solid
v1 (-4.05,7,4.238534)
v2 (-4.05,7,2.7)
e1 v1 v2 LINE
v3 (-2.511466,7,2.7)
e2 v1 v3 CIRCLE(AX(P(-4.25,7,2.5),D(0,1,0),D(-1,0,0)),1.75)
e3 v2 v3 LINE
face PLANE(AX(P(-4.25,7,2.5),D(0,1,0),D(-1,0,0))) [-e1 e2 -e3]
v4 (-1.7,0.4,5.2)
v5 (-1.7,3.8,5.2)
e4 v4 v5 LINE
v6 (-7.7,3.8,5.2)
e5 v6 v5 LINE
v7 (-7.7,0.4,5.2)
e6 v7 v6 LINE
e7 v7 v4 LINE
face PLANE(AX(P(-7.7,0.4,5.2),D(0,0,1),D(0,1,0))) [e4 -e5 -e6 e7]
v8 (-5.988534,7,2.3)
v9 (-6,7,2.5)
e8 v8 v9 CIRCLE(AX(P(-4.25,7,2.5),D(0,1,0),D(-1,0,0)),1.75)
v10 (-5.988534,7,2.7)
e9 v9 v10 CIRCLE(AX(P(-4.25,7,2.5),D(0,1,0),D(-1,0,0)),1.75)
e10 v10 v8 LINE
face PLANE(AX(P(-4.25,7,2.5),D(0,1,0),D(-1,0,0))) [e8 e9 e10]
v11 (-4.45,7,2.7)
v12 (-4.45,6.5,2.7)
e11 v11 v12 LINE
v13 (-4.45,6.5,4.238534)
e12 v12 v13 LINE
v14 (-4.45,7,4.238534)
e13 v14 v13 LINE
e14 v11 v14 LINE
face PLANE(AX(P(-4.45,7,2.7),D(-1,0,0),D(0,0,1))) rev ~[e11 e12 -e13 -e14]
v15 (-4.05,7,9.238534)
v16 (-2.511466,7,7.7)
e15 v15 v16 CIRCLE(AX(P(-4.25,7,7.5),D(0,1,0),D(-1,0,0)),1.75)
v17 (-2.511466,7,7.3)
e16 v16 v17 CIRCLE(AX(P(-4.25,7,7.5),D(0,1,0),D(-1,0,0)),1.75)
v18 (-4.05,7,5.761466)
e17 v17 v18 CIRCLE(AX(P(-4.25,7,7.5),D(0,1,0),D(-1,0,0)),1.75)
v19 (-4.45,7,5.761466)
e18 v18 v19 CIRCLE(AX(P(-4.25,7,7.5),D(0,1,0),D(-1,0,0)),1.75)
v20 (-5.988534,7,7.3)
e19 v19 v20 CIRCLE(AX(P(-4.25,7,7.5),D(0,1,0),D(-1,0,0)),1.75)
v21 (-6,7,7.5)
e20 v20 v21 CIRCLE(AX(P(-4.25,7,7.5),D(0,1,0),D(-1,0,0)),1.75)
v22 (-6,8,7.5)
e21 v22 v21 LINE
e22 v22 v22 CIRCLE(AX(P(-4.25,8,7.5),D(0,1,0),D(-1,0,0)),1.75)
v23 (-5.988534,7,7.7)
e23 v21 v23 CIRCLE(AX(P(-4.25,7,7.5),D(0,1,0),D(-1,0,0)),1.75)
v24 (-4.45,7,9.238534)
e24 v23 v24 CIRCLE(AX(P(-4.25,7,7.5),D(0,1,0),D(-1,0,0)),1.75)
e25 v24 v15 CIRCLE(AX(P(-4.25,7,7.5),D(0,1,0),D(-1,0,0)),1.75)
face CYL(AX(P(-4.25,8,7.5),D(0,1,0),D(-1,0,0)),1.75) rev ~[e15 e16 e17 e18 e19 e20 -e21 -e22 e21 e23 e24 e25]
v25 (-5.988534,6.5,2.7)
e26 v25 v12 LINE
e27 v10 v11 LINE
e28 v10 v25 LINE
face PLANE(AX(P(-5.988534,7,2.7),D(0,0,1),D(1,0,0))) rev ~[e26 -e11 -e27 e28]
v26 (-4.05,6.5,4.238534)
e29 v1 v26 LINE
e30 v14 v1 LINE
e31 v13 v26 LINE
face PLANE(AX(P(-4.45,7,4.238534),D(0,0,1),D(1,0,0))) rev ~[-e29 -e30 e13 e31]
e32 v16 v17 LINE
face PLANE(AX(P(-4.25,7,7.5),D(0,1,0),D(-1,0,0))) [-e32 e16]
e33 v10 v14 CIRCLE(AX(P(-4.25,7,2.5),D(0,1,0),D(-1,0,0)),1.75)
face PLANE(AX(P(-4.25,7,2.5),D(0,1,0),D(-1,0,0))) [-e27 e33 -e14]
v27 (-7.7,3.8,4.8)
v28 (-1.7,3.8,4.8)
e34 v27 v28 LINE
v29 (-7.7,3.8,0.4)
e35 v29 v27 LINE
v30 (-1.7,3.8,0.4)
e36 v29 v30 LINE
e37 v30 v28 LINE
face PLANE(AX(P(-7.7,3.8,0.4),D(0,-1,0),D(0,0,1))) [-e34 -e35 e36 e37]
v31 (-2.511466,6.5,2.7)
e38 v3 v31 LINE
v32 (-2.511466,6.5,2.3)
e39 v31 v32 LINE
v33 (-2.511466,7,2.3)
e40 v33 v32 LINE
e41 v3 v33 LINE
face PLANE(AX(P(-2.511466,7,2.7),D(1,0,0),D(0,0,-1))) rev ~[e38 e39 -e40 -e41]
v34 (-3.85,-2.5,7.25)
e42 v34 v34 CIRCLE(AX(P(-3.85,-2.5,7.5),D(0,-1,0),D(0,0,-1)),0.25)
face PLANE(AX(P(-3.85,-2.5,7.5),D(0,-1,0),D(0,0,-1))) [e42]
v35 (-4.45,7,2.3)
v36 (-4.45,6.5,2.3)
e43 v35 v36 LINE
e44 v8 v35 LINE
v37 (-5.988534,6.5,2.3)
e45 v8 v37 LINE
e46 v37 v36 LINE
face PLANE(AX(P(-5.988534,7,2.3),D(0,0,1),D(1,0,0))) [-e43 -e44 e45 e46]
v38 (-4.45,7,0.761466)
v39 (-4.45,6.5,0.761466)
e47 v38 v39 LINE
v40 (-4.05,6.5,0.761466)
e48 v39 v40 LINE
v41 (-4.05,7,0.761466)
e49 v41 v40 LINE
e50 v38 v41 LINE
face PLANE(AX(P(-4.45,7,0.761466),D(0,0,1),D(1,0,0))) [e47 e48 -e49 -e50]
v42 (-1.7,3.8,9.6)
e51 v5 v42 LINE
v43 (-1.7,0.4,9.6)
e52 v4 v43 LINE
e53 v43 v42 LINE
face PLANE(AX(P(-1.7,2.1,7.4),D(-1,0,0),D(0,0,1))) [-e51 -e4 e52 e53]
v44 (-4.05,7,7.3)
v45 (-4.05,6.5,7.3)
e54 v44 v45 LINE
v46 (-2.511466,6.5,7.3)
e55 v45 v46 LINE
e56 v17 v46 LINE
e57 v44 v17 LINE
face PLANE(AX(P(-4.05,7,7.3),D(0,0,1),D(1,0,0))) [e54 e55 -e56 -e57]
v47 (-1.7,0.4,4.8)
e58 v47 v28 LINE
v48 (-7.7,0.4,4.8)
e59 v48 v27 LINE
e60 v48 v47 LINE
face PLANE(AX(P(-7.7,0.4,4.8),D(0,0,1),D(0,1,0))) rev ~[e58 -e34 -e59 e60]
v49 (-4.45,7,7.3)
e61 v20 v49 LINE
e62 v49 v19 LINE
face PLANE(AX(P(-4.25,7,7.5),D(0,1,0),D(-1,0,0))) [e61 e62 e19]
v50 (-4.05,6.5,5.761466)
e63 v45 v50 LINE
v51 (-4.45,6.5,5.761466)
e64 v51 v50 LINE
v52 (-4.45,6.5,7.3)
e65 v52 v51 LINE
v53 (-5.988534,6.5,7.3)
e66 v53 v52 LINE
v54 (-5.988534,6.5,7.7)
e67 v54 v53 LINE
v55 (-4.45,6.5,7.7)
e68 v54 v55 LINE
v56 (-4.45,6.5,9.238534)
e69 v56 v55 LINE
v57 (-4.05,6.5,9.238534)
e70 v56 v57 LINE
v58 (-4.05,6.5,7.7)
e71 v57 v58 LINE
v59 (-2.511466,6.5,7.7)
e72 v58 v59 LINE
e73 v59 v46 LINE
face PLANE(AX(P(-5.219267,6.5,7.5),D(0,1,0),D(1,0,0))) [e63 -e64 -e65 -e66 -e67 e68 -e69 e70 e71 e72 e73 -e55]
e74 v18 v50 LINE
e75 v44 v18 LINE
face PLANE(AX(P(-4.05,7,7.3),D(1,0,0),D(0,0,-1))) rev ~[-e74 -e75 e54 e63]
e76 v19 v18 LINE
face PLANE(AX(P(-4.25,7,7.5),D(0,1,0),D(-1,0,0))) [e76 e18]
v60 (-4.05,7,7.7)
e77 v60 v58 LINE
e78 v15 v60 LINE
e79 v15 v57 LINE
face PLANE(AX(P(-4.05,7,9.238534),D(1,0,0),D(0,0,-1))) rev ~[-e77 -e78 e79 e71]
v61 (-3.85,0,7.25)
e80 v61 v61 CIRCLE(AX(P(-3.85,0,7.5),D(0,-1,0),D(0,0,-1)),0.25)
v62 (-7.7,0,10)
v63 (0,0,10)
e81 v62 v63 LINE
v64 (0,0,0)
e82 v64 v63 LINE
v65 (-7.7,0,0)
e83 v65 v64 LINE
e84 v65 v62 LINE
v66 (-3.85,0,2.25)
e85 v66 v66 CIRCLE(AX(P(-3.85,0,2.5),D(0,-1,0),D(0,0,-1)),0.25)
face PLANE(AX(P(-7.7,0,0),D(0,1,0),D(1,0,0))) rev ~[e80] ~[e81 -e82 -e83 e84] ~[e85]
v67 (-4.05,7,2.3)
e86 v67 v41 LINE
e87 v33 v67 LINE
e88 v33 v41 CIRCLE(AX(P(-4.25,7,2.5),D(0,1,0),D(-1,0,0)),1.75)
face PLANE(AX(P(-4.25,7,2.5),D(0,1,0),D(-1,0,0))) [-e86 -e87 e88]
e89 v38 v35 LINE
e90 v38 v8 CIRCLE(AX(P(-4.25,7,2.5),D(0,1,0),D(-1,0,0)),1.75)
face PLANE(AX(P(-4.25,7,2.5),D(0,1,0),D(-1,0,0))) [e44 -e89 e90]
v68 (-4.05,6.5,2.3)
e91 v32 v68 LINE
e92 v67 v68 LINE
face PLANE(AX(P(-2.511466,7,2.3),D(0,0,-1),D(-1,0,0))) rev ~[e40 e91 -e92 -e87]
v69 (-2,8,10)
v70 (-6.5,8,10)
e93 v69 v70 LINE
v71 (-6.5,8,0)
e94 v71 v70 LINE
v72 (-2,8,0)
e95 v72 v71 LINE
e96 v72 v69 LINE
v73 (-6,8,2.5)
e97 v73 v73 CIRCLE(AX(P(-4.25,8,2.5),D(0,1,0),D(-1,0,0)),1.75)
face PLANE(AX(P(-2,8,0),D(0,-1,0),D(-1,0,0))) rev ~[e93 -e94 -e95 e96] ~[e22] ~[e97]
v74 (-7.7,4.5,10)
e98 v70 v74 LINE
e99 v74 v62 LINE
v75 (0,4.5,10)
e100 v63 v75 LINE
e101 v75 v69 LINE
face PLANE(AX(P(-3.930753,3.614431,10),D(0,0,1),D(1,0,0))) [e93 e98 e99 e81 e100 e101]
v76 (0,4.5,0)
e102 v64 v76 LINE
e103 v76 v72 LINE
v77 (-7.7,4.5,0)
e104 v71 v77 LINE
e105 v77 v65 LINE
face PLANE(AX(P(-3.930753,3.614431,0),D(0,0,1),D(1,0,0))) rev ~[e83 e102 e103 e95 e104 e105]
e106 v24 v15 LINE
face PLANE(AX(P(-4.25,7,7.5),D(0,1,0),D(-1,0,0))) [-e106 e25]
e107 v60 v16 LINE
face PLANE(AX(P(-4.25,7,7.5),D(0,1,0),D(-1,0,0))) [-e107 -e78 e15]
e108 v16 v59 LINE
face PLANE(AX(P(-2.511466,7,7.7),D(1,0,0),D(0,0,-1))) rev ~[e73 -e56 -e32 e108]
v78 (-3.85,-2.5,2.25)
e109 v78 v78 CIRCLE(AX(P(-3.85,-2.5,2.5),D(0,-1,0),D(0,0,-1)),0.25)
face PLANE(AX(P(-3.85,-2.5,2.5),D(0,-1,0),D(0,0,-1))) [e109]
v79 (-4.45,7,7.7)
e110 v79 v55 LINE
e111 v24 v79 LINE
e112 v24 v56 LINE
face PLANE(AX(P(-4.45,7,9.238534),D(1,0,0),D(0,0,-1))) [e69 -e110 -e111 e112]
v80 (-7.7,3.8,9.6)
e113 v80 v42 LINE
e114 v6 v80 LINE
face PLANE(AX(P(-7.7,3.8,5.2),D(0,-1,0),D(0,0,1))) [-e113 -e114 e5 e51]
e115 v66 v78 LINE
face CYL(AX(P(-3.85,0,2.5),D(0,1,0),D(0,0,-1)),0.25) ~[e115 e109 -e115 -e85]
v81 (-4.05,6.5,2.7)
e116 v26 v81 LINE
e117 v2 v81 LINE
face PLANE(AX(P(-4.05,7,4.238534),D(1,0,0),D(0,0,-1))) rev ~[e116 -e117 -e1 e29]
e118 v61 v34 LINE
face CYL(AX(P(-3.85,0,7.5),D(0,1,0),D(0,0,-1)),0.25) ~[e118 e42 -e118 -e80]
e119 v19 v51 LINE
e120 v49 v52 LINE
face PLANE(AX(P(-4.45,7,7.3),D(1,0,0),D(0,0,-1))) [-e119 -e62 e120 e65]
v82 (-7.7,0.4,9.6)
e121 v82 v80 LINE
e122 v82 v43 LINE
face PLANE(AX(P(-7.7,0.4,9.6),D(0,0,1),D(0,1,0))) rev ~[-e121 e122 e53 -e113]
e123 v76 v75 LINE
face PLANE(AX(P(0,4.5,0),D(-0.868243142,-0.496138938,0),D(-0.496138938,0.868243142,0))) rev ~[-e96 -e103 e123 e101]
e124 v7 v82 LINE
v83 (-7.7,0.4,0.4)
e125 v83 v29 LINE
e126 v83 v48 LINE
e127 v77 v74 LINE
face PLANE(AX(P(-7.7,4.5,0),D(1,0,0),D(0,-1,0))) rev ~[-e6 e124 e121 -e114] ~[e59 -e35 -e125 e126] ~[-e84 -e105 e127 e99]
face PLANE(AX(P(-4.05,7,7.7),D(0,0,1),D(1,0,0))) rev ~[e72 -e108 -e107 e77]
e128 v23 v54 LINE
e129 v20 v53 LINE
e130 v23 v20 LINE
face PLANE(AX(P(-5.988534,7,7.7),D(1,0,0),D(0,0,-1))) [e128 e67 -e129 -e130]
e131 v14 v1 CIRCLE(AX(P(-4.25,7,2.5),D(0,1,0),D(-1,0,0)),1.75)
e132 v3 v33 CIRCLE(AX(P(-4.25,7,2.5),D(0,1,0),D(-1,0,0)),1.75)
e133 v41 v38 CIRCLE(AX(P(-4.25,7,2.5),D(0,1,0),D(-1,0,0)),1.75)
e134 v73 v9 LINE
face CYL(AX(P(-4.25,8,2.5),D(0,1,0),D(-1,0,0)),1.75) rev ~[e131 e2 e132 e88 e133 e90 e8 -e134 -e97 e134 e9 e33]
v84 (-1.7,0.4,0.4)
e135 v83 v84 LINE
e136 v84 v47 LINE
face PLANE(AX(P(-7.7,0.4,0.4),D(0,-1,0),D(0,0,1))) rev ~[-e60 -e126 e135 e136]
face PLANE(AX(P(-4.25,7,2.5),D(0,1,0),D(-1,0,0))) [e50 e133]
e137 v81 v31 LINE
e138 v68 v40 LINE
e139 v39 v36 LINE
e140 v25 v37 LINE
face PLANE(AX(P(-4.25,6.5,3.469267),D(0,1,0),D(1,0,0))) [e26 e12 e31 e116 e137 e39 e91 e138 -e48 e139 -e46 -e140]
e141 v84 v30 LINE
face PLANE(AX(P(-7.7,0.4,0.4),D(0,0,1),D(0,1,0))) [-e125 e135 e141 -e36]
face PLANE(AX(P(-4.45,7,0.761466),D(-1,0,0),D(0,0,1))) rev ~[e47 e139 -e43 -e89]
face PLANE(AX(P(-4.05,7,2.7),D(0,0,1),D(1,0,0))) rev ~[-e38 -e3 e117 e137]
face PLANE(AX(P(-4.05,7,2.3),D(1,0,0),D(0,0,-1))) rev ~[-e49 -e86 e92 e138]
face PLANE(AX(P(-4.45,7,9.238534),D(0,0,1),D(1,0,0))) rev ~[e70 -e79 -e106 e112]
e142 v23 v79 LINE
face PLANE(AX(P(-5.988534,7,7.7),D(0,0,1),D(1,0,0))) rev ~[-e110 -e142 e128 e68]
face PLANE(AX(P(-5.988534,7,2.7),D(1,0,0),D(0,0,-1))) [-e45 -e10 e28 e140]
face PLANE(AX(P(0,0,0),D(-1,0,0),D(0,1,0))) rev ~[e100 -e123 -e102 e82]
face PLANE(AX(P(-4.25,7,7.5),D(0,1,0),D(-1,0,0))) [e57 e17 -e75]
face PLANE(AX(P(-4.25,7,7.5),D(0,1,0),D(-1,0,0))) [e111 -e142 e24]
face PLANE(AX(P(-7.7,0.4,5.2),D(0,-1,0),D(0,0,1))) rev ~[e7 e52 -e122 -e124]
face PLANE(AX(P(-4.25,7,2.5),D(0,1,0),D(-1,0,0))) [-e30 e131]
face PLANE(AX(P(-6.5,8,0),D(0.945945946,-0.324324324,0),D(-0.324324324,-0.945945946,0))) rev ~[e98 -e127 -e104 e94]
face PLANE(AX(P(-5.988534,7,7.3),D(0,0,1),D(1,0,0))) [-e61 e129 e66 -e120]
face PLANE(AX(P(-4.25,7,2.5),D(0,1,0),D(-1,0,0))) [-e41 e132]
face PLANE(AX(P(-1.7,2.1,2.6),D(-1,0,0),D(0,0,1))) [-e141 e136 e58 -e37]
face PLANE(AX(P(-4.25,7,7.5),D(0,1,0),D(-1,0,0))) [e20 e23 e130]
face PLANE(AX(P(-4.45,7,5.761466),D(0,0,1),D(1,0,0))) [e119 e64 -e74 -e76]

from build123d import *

# Parameters (mm, degrees)
BOSS_EXTRU_2_DEPTH      = 10
ESQUISSE2_W             = 4.4
ESQUISSE2_H             = 3.4
ENL_V_MAT_EXTRU_1_DEPTH = 6
ESQUISSE3_R             = 0.25
BOSS_EXTRU_3_DEPTH      = 2.5
ESQUISSE5_R             = 1.75
ENL_V_MAT_EXTRU_2_DEPTH = 1
ESQUISSE6_W             = 1.538533865
ESQUISSE6_H             = 0.4
ESQUISSE6_W_2           = 0.4
ESQUISSE6_H_2           = 1.538533865
ENL_V_MAT_EXTRU_3_DEPTH = 0.5


with BuildPart() as part:
    # Esquisse1 → Boss.-Extru.2 (new body)
    with BuildSketch(Plane.XY):
        Polygon((-7.7, 0), (0, 0), (0, 4.5), (-2, 8), (-6.5, 8), (-7.7, 4.5), align=None)
    extrude(amount=BOSS_EXTRU_2_DEPTH)

    # Esquisse2 → Enlèv. mat.-Extru.1 (cut)
    with BuildSketch(Plane.ZY.offset(7.7)):
        with Locations((2.6, 2.1)):
            Rectangle(ESQUISSE2_W, ESQUISSE2_H)
        with Locations((7.4, 2.1)):
            Rectangle(ESQUISSE2_W, ESQUISSE2_H)
    extrude(amount=-ENL_V_MAT_EXTRU_1_DEPTH, mode=Mode.SUBTRACT)

    # Esquisse3 → Boss.-Extru.3 (add)
    with BuildSketch(Plane(origin=(0, 0, 0), x_dir=(-1, 0, 0), z_dir=(0, -1, 0))):
        with Locations(Location((3.85, -2.5, 0), (0, 0, 90))):
            Circle(ESQUISSE3_R)
        with Locations(Location((3.85, -7.5, 0), (0, 0, 90))):
            Circle(ESQUISSE3_R)
    extrude(amount=BOSS_EXTRU_3_DEPTH)

    # Esquisse5 → Enlèv. mat.-Extru.2 (cut)
    with BuildSketch(Plane(origin=(0, 8, 0), x_dir=(1, 0, 0), z_dir=(0, 1, 0))):
        with Locations(Location((-4.25, -7.5, 0), (0, 0, 180))):
            Circle(ESQUISSE5_R)
        with Locations(Location((-4.25, -2.5, 0), (0, 0, 180))):
            Circle(ESQUISSE5_R)
    extrude(amount=-ENL_V_MAT_EXTRU_2_DEPTH, mode=Mode.SUBTRACT)

    # Esquisse6 → Enlèv. mat.-Extru.3 (cut)
    with BuildSketch(Plane(origin=(0, 7, 0), x_dir=(1, 0, 0), z_dir=(0, 1, 0))):
        with Locations((-5.219266933, -7.5)):
            Rectangle(ESQUISSE6_W, ESQUISSE6_H)
        with Locations((-4.25, -8.469266933)):
            Rectangle(ESQUISSE6_W_2, ESQUISSE6_H_2)
        with Locations((-3.280733067, -7.5)):
            Rectangle(ESQUISSE6_W, ESQUISSE6_H)
        with Locations((-4.25, -6.530733067)):
            Rectangle(ESQUISSE6_W_2, ESQUISSE6_H_2)
        with Locations((-4.25, -7.5)):
            Rectangle(ESQUISSE6_W_2, ESQUISSE6_H)
        with Locations((-4.25, -3.469266933)):
            Rectangle(ESQUISSE6_W_2, ESQUISSE6_H_2)
        with Locations((-4.25, -2.5)):
            Rectangle(ESQUISSE6_W_2, ESQUISSE6_H)
        with Locations((-3.280733067, -2.5)):
            Rectangle(ESQUISSE6_W, ESQUISSE6_H)
        with Locations((-4.25, -1.530733068)):
            Rectangle(ESQUISSE6_W_2, ESQUISSE6_H_2)
        with Locations((-5.219266933, -2.5)):
            Rectangle(ESQUISSE6_W, ESQUISSE6_H)
    extrude(amount=-ENL_V_MAT_EXTRU_3_DEPTH, mode=Mode.SUBTRACT)


solid = part.part
